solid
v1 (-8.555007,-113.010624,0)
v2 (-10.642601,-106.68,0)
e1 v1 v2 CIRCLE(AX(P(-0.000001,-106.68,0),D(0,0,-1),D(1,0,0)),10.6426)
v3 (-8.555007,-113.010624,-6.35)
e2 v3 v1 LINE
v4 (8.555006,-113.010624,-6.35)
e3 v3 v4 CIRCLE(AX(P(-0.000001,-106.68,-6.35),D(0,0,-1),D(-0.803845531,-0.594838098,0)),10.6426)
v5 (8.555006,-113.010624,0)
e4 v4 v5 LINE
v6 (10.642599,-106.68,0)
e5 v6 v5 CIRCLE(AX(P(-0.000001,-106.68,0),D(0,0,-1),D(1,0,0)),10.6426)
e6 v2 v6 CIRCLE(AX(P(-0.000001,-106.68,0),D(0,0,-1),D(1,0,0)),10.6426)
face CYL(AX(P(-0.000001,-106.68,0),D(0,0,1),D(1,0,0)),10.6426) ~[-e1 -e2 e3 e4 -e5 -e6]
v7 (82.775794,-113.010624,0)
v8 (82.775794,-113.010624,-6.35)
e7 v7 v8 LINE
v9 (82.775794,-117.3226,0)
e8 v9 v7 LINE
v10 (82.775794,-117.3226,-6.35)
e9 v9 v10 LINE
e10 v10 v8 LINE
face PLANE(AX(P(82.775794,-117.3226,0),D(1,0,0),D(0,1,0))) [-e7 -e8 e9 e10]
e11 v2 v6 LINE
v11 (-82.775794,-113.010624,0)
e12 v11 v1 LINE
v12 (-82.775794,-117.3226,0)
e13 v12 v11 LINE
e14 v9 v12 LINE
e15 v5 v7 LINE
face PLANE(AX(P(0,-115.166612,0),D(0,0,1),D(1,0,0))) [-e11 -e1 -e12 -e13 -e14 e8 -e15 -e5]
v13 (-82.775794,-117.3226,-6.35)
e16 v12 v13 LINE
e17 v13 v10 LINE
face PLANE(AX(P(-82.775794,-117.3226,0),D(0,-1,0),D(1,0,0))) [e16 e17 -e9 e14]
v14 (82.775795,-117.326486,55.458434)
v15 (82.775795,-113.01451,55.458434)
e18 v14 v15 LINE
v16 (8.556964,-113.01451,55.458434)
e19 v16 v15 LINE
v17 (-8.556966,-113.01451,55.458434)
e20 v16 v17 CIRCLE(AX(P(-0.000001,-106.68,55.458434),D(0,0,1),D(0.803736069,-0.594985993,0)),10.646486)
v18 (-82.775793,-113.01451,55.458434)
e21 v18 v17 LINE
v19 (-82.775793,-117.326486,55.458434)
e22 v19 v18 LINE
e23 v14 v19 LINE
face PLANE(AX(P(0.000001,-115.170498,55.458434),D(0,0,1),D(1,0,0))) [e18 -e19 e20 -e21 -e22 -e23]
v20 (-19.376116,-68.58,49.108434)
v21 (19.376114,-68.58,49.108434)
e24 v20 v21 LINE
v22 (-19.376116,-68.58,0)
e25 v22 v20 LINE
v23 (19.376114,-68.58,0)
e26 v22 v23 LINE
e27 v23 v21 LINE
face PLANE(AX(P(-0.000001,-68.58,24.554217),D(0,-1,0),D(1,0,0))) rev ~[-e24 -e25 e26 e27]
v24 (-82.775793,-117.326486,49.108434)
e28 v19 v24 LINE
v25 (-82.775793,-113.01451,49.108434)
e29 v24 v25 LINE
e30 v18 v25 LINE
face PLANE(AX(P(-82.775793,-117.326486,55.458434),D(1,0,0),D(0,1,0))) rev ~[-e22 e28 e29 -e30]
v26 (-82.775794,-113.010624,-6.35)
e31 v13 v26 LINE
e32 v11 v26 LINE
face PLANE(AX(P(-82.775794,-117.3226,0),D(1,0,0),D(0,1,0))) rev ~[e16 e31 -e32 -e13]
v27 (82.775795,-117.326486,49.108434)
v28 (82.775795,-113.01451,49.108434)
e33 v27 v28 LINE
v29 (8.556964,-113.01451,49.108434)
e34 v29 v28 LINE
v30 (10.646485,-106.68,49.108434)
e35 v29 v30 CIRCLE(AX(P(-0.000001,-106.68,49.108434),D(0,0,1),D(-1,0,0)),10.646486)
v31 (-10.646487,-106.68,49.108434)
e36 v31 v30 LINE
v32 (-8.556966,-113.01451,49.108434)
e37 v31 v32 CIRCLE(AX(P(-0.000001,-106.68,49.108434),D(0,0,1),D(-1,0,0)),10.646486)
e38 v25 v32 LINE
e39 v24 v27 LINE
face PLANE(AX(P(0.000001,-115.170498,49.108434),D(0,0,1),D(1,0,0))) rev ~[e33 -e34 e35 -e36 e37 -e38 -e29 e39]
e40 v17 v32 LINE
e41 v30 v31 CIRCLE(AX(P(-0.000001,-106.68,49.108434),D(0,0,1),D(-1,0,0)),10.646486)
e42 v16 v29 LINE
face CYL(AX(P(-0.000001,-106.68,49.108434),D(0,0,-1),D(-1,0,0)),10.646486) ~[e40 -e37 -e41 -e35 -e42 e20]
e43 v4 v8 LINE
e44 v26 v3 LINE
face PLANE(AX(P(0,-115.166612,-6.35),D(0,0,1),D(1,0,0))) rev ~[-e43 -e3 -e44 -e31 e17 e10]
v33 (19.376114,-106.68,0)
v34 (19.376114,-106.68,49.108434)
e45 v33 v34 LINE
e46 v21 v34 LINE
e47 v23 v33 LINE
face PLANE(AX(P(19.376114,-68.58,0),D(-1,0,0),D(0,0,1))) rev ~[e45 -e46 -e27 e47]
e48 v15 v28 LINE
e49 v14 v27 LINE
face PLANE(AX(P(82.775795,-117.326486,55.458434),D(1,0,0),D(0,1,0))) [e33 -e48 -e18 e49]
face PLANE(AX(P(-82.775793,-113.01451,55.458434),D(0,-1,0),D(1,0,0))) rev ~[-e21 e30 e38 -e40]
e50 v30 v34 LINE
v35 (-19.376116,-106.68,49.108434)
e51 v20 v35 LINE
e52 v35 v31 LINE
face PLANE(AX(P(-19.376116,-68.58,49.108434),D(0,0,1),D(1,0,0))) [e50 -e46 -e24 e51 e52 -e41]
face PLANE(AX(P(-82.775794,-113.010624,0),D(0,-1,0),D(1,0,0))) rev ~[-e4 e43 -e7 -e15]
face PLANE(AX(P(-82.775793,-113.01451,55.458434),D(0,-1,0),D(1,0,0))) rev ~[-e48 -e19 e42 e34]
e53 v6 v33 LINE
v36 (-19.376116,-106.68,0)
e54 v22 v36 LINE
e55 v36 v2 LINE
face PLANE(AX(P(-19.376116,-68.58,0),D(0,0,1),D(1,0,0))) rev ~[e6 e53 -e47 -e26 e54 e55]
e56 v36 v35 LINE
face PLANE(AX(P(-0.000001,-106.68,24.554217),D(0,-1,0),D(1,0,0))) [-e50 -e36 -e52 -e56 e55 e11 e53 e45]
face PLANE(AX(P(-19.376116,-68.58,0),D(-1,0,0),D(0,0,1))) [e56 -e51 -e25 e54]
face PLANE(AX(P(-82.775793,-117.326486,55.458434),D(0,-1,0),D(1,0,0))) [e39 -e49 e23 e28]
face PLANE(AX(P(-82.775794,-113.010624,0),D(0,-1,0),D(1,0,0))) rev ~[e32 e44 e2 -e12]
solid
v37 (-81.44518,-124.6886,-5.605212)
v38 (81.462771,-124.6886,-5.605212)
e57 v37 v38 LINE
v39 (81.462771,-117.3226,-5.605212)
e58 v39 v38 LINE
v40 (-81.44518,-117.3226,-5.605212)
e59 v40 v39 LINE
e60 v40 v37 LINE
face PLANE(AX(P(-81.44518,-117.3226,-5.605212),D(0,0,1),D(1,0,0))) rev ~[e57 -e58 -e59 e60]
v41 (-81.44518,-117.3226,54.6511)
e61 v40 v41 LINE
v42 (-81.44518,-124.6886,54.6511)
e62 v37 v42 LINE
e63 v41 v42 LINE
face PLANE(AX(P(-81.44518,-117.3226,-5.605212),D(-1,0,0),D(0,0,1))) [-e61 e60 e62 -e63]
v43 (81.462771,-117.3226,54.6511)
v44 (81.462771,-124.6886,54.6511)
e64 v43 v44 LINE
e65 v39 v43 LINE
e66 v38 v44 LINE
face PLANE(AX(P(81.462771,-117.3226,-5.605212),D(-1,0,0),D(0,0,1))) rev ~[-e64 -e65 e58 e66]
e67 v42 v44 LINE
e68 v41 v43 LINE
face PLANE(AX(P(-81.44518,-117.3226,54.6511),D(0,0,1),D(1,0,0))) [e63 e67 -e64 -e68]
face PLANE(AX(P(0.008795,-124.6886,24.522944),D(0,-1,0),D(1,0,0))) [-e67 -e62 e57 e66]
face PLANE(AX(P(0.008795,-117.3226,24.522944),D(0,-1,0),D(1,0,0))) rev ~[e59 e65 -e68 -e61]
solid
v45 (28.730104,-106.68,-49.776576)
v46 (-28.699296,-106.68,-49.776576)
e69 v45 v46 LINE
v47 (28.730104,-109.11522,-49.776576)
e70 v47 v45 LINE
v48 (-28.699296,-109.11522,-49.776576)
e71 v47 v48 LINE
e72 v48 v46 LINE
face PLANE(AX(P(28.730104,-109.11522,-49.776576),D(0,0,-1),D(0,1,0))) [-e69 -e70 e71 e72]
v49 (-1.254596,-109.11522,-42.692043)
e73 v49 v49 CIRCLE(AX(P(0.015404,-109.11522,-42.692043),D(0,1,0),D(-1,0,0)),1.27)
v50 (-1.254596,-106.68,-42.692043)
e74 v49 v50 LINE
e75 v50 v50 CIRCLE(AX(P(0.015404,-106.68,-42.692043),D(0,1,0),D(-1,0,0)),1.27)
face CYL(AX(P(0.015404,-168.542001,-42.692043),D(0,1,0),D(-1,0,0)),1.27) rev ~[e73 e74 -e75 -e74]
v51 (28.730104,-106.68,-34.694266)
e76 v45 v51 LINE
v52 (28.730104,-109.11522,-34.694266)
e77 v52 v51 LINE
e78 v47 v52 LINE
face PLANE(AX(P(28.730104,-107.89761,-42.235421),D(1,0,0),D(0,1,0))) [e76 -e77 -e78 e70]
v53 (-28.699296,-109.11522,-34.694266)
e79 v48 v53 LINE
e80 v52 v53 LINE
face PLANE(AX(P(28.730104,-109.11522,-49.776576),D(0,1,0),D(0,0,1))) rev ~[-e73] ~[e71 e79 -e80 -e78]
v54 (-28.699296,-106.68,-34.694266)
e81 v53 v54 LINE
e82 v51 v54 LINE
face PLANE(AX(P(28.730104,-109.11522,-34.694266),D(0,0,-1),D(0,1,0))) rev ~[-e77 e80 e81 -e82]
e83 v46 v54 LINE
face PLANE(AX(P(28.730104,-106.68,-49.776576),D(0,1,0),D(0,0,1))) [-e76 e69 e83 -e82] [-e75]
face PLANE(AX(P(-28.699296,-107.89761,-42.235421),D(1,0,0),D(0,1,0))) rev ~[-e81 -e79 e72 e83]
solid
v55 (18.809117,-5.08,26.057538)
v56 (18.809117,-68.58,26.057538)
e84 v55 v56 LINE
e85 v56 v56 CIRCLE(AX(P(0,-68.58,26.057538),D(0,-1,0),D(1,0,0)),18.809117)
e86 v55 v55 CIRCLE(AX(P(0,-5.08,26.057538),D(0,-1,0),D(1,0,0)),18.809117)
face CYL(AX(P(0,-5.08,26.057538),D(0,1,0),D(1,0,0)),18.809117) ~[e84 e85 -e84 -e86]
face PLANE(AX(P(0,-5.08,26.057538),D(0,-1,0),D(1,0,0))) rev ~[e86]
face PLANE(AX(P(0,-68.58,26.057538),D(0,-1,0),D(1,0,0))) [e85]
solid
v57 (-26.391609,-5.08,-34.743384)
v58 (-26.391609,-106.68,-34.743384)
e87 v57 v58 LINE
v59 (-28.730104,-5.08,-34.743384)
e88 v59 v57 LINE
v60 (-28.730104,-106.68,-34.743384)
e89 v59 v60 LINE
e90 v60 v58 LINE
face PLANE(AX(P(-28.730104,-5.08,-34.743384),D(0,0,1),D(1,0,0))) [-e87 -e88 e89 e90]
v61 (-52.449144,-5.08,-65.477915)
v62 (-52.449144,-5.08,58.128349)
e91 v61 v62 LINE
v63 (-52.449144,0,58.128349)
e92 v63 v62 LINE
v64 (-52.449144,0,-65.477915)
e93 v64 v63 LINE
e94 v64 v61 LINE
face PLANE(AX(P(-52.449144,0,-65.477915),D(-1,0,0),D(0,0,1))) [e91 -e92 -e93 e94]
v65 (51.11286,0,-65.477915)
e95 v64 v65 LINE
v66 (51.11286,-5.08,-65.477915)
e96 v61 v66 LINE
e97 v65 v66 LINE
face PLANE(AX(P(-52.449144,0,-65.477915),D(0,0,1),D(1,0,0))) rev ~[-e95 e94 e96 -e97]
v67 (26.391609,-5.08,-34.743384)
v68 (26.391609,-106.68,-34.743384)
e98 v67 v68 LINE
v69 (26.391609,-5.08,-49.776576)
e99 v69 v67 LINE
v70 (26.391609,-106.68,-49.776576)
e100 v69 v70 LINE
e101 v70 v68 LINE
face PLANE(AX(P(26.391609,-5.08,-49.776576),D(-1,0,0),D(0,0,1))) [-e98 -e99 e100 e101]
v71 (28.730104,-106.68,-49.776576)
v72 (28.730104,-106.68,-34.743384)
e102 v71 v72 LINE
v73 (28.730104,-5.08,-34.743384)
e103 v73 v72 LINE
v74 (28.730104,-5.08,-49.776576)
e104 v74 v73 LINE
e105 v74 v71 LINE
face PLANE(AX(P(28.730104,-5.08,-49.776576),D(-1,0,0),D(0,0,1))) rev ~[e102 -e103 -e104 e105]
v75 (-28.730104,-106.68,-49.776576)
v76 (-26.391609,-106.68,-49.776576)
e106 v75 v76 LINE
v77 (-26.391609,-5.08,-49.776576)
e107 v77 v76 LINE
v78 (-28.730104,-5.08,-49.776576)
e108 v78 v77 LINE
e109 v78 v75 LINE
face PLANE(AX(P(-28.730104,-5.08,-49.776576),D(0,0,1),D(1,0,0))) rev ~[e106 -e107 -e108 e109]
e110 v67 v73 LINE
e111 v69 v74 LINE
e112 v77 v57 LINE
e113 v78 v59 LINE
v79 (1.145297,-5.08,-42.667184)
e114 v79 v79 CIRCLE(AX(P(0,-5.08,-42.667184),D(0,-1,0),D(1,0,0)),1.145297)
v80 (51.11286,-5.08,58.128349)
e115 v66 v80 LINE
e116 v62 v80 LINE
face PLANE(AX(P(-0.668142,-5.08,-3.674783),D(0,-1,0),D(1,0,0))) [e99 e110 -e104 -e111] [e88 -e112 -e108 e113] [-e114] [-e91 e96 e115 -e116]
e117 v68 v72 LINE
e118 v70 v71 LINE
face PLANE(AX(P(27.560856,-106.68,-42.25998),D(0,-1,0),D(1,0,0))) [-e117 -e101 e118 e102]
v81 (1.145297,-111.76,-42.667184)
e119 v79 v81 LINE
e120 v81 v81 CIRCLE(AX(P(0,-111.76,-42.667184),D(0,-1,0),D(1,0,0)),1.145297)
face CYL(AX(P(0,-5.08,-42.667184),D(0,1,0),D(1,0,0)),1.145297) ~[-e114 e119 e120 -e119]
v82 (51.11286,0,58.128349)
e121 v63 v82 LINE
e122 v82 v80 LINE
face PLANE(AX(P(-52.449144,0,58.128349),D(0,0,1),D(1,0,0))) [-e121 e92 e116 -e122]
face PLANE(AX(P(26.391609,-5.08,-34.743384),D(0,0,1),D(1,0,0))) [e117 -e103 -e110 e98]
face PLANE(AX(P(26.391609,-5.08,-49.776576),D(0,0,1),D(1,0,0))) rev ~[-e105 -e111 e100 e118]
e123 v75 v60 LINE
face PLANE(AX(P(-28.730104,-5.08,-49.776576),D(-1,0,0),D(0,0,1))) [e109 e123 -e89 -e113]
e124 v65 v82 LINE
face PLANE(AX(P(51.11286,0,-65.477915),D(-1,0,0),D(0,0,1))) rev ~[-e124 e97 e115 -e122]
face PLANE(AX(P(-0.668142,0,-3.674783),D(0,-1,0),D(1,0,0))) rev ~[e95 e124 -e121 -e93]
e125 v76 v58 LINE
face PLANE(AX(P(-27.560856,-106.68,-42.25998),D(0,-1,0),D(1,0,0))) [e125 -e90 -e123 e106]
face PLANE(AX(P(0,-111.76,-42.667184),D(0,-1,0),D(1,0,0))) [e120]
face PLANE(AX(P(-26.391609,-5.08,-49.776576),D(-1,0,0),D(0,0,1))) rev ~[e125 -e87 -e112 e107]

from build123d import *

# Parameters (mm, degrees)
F0_W      = 103.5620048642
F0_H      = 123.6062645912
F1_DEPTH  = 5.08
F2_R      = 18.8091173836
F3_DEPTH  = 63.5
F4_W      = 38.7522298843
F4_H      = 49.1084344685
F5_DEPTH  = 38.1
F6_W      = 2.3384951055
F6_H      = 15.0331929326
F7_DEPTH  = 101.6
F8_W      = 2.4352195215
F8_H      = 15.0823108852
F9_DEPTH  = 57.4294
F11_D     = 2.54
F13_DEPTH = 6.35
F15_DEPTH = 6.35
F16_W     = 165.5515879393
F16_H     = 4.3119760611
F17_DEPTH = 6.35
F18_W     = 165.5515879393
F18_H     = 4.3119760611
F19_DEPTH = 6.35
F20_W     = 162.9079505801
F20_H     = 60.2563126013
F21_DEPTH = 7.366
F22_R     = 1.1452971847
F23_DEPTH = 106.68


with BuildPart() as f1:
    # F0 (on Front) → F1 (new body)
    with BuildSketch(Plane.XZ):
        with Locations((-0.6681419909, -3.6747828126)):
            Rectangle(F0_W, F0_H)
    extrude(amount=F1_DEPTH)

    # F6 (on face) → F7 (join)
    with BuildSketch(Plane.XZ.offset(5.08)):
        with Locations((-27.5608561933, -42.2599799931)):
            Rectangle(F6_W, F6_H)
        with Locations((27.5608561933, -42.2599799931)):
            Rectangle(F6_W, F6_H)
    extrude(amount=F7_DEPTH)

    # F22 (on face) → F23 (join)
    with BuildSketch(Plane.XZ.offset(5.08)):
        with Locations((0, -42.667184025)):
            Circle(F22_R)
    extrude(amount=F23_DEPTH)


with BuildPart() as f3:
    # F2 (on face) → F3 (new body)
    with BuildSketch(Plane.XZ.offset(5.08)):
        with Locations((0, 26.0575376451)):
            Circle(F2_R)
    extrude(amount=F3_DEPTH)


with BuildPart() as f5:
    # F4 (on face) → F5 (new body)
    with BuildSketch(Plane.XZ.offset(68.58)):
        with Locations((-9.313e-07, 24.5542172343)):
            Rectangle(F4_W, F4_H)
    extrude(amount=F5_DEPTH)

    # F12 (on face) → F13 (join)
    with BuildSketch(Plane.XY.offset(49.1084344685)):
        with BuildLine():
            Line((-10.6464871968, -106.68), (10.6464853342, -106.68))
            ThreePointArc((10.6464853342, -106.68), (-9.313e-07, -96.0335137345), (-10.6464871968, -106.68))
        make_face()
        with BuildLine():
            ThreePointArc((-10.6464871968, -106.68), (-9.313e-07, -117.3264862655), (10.6464853342, -106.68))
            Line((10.6464853342, -106.68), (-10.6464871968, -106.68))
        make_face()
    extrude(amount=F13_DEPTH)

    # F14 (on face) → F15 (join)
    with BuildSketch(Plane(origin=(0, 0, 0), x_dir=(1, 0, 0), z_dir=(0, 0, -1))):
        with BuildLine():
            ThreePointArc((-10.6426009313, 106.68), (-9.313e-07, 96.0374), (10.6425990687, 106.68))
            Line((10.6425990687, 106.68), (-10.6426009313, 106.68))
        make_face()
        with BuildLine():
            Line((-10.6426009313, 106.68), (10.6425990687, 106.68))
            ThreePointArc((10.6425990687, 106.68), (-9.313e-07, 117.3226), (-10.6426009313, 106.68))
        make_face()
    extrude(amount=F15_DEPTH)

    # F16 (on face) → F17 (join)
    with BuildSketch(Plane.XY):
        with Locations((0, -115.1666119695)):
            Rectangle(F16_W, F16_H)
    extrude(amount=-F17_DEPTH)

    # F18 (on face) → F19 (join)
    with BuildSketch(Plane.XY.offset(55.4584344685)):
        with Locations((9.313e-07, -115.170498235)):
            Rectangle(F18_W, F18_H)
    extrude(amount=-F19_DEPTH)


with BuildPart() as f9:
    # F8 (on face) → F9 (new body)
    with BuildSketch(Plane.YZ.offset(28.7301037461)):
        with Locations((-107.8976097608, -42.2354210168)):
            Rectangle(F8_W, F8_H)
    extrude(amount=-F9_DEPTH)

    # F11 (through all)
    with Locations(Plane.XZ.offset(109.1152195215)):
        with Locations((0.0154037461, -42.6920428872)):
            Hole(F11_D / 2)


with BuildPart() as f21:
    # F20 (on face) → F21 (new body)
    with BuildSketch(Plane.XZ.offset(117.3226)):
        with Locations((0.0087954104, 24.5229438879)):
            Rectangle(F20_W, F20_H)
    extrude(amount=F21_DEPTH)


solid = Compound([f1.part, f3.part, f5.part, f9.part, f21.part])
